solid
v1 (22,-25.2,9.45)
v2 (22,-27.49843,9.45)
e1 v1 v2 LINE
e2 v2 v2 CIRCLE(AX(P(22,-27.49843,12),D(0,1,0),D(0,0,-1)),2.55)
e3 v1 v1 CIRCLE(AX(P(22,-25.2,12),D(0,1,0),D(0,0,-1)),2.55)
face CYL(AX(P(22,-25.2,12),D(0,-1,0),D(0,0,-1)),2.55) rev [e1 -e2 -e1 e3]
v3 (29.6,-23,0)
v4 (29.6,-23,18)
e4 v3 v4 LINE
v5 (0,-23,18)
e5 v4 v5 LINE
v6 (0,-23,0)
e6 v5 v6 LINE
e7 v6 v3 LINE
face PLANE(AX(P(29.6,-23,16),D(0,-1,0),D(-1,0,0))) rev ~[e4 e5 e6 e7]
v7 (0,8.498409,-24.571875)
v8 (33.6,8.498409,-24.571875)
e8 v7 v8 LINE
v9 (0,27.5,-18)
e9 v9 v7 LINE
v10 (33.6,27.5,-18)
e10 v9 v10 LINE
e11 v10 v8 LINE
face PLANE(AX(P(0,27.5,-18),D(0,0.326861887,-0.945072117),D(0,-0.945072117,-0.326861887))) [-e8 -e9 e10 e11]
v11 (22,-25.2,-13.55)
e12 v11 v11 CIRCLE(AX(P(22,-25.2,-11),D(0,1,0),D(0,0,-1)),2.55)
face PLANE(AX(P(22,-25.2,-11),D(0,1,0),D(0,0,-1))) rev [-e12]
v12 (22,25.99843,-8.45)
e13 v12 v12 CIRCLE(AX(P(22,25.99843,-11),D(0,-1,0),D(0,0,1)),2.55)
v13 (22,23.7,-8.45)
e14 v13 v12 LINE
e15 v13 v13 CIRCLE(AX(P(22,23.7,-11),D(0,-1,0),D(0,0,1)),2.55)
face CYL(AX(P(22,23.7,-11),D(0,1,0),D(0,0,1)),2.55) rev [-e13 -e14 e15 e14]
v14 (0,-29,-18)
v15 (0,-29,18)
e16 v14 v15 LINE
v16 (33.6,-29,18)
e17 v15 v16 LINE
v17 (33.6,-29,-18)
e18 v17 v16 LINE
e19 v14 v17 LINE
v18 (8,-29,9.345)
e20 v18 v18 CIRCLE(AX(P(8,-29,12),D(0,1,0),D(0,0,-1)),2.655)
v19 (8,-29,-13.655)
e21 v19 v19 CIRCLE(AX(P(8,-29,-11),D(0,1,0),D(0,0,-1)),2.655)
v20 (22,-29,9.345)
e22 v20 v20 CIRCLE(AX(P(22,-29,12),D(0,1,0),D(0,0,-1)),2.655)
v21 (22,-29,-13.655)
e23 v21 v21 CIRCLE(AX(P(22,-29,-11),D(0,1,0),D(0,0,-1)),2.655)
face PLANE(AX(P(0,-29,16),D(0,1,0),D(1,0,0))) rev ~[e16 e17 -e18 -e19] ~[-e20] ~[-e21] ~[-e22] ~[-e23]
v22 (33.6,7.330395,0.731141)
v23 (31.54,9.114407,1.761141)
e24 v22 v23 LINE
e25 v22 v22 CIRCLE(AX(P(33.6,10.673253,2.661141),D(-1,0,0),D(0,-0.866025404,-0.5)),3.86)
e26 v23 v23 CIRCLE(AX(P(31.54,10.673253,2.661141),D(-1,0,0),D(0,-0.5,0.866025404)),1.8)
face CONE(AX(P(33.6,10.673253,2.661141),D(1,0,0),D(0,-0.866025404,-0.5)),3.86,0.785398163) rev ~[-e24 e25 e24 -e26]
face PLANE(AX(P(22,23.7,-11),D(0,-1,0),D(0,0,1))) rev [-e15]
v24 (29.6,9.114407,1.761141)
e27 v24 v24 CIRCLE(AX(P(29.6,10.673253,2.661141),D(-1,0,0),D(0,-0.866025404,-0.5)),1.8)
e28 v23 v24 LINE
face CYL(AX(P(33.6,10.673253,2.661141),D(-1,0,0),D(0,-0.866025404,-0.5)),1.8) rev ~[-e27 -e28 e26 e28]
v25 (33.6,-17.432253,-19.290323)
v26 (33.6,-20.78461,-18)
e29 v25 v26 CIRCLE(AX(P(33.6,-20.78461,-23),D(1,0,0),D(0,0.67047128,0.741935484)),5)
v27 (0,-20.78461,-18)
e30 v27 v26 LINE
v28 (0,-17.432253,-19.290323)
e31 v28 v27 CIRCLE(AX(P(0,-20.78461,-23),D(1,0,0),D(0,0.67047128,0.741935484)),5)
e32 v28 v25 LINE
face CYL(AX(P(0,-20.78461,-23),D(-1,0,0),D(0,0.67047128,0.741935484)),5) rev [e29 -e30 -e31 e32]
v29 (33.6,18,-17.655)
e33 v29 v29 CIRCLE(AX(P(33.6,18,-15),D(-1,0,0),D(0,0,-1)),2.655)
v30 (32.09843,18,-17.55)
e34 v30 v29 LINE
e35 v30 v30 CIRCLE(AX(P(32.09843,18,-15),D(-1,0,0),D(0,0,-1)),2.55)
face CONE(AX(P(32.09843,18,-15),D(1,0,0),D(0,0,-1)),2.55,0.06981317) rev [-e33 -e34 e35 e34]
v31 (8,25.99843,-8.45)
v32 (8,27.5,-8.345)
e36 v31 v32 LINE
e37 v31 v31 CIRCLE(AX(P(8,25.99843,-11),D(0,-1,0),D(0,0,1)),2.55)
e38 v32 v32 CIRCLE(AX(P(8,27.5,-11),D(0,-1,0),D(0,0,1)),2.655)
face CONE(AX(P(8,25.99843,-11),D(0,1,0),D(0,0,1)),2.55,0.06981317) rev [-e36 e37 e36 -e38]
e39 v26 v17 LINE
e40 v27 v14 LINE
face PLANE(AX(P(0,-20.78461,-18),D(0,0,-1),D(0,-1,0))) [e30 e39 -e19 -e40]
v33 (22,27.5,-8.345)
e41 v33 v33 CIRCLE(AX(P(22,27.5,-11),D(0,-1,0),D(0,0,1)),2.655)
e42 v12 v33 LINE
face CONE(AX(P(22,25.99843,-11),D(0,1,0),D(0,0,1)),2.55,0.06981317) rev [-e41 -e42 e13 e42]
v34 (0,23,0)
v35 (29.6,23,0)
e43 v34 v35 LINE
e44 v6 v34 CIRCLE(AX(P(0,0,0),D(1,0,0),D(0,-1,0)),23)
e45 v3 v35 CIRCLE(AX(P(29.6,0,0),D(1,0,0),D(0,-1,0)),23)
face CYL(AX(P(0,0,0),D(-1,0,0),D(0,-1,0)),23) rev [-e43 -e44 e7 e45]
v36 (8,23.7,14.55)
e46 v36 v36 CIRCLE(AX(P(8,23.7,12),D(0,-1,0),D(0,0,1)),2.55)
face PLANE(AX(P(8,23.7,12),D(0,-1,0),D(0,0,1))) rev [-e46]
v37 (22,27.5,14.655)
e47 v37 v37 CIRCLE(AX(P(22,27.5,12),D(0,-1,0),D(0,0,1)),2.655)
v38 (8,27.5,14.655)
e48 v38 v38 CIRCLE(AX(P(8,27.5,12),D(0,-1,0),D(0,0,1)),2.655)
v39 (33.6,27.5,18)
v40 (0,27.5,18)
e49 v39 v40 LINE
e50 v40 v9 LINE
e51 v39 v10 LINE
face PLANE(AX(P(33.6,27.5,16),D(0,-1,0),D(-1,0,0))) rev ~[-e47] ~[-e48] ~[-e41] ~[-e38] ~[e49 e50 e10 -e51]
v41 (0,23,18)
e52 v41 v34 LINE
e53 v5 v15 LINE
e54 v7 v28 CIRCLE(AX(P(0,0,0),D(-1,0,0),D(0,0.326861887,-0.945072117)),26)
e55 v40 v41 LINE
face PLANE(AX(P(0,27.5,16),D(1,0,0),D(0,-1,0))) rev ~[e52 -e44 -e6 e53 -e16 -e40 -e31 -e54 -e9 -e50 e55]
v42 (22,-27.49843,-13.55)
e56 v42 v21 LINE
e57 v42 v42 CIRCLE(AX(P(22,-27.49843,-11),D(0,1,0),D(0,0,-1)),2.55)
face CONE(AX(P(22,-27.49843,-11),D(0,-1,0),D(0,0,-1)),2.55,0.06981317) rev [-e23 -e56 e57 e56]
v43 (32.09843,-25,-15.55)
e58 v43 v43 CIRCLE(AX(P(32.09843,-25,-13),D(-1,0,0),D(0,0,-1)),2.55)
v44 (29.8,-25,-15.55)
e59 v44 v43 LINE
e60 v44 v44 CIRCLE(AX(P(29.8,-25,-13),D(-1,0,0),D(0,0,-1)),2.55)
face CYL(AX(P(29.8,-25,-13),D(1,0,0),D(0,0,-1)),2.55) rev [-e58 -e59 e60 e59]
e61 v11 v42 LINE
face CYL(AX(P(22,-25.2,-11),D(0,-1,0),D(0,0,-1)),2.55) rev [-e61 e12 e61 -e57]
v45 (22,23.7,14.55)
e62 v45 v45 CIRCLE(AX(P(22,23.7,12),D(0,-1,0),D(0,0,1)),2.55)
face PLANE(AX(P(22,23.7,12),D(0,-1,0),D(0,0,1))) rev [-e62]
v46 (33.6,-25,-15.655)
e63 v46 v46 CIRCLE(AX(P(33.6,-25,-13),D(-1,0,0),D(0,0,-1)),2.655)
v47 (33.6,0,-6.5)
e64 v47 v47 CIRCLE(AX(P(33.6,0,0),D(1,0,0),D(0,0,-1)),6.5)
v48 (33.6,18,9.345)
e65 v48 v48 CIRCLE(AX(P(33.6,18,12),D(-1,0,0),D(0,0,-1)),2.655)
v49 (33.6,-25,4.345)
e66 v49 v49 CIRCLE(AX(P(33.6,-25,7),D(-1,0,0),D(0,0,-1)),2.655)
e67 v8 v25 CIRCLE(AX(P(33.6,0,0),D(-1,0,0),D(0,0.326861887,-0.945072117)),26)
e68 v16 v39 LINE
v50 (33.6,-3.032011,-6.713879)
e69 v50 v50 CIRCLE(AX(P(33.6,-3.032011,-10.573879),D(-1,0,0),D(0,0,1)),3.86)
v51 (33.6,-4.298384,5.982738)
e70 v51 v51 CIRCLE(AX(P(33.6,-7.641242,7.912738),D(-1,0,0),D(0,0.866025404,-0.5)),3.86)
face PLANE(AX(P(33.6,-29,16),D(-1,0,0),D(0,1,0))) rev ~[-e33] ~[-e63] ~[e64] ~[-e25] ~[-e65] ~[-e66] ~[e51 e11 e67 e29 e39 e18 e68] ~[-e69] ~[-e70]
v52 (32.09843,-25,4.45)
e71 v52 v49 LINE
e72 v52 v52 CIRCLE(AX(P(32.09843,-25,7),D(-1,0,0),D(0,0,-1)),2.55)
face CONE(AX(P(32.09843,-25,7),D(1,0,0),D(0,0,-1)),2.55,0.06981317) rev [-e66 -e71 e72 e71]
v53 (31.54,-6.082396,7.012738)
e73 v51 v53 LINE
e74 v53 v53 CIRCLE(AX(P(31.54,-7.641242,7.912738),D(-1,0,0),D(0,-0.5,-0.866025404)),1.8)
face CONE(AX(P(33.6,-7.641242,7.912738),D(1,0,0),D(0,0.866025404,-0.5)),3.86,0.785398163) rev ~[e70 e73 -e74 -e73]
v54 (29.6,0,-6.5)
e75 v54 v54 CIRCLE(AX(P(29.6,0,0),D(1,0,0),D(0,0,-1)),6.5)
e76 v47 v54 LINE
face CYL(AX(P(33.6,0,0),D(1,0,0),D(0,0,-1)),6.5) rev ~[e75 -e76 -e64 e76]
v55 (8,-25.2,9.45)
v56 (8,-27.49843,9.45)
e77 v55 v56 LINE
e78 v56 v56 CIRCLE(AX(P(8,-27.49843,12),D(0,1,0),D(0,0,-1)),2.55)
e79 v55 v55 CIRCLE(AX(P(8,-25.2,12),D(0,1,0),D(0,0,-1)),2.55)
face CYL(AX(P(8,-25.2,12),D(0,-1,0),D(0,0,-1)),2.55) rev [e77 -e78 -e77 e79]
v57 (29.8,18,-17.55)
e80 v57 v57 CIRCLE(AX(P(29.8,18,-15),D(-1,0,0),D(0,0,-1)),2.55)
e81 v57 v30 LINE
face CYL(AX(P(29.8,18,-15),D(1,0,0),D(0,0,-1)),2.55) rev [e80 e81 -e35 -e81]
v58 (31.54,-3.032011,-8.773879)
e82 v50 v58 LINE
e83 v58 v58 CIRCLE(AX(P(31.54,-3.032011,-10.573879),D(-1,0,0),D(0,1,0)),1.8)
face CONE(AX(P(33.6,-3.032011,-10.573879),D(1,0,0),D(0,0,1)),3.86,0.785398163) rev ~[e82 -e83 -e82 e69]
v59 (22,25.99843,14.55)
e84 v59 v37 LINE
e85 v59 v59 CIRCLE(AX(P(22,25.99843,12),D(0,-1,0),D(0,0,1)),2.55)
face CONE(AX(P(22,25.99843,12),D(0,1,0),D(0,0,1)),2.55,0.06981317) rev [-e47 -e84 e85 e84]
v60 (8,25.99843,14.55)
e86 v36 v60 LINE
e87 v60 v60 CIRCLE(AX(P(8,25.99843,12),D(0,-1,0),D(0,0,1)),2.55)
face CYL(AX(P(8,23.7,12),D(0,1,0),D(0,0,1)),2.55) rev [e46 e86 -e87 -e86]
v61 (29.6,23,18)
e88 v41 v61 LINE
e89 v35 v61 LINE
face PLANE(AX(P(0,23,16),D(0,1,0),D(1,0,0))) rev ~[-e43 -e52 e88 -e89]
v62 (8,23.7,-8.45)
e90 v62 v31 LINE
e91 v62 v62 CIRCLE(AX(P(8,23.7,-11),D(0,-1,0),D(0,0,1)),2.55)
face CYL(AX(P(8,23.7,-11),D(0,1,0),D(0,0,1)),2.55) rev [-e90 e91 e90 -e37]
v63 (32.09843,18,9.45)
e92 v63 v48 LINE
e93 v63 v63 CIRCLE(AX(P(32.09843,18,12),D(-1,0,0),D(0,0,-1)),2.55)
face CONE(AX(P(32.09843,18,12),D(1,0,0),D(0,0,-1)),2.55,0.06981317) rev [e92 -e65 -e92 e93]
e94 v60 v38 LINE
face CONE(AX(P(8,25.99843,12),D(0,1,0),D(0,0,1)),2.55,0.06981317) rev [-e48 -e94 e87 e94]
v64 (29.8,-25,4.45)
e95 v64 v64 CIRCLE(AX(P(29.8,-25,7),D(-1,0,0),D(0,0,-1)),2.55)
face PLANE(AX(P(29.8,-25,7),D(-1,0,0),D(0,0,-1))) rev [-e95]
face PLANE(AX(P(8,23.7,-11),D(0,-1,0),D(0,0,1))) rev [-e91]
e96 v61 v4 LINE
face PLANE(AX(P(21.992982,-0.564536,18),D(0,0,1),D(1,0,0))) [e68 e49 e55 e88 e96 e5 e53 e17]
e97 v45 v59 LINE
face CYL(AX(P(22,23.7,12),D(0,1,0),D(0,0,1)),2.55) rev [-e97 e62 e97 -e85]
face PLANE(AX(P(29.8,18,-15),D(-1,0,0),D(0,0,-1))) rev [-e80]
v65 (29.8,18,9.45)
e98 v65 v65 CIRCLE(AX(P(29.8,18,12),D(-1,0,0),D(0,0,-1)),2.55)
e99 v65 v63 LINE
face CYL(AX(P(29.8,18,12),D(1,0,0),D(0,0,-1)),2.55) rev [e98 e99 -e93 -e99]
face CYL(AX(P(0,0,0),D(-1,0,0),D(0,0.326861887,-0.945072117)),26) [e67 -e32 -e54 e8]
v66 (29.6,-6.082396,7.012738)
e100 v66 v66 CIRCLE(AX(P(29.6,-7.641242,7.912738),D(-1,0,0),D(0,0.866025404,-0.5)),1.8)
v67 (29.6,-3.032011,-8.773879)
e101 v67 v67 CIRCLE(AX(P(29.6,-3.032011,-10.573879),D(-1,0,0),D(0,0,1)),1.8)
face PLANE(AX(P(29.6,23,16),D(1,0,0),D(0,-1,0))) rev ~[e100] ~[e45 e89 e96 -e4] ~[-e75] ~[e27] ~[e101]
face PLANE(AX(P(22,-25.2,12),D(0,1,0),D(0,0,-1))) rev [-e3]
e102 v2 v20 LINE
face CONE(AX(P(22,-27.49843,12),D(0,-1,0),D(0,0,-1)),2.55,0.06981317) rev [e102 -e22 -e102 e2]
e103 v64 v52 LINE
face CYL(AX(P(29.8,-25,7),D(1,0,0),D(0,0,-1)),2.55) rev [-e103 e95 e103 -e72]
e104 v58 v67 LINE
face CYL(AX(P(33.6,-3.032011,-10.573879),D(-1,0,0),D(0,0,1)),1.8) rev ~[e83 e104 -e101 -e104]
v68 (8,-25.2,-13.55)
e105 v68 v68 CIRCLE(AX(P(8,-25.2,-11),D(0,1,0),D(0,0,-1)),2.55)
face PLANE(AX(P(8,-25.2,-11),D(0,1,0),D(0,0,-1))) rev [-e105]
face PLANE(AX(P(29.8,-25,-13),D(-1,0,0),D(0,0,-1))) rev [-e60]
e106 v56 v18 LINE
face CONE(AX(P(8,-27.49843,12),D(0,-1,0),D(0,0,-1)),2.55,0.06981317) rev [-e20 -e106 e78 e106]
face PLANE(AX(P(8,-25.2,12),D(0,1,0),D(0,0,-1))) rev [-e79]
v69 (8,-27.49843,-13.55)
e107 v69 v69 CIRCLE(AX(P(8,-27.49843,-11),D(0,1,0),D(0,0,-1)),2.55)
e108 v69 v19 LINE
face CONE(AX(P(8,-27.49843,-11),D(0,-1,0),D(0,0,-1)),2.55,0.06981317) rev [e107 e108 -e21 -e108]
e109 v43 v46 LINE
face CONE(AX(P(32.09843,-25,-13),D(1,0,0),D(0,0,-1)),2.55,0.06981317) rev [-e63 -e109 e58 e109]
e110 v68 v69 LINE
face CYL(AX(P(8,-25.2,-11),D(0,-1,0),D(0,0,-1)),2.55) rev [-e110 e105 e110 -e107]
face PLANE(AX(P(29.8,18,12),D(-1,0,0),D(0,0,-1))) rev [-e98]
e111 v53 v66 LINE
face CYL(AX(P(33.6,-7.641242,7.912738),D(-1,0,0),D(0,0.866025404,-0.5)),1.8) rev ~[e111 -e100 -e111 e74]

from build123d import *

# Parameters (mm, degrees)
MOTOR_SHELL_DEPTH                   = 33.6
MOTOR_MOUNT_DEPTH                   = 4
MOUNTING_HOLE_D                     = 3.6
MOUNTING_HOLE_CSINK_D               = 7.72
MOUNTING_HOLE_CSINK_ANGLE           = 90
HOLE_DUPLICATION_COUNT              = 3
SKETCH11_R                          = 6.5
SHAFT_BASE_CUTOUT_DEPTH             = 34.6
CSK_FOR_M3_INSERT_SFHCS1_AT_2_COUNT = 2
CSK_FOR_M3_INSERT_SFHCS1_AT_2_PITCH = 20
CSK_FOR_M3_INSERT_SFHCS1_AT_3_COUNT = 2
CSK_FOR_M3_INSERT_SFHCS1_AT_3_PITCH = 43.289721644
CSK_FOR_M3_INSERT_SFHCS1_AT_4_COUNT = 2
CSK_FOR_M3_INSERT_SFHCS1_AT_4_PITCH = 48.301138703
CSK_FOR_M3_INSERT_SFHCS2_AT_2_COUNT = 2
CSK_FOR_M3_INSERT_SFHCS2_AT_2_PITCH = 14
CSK_FOR_M3_INSERT_SFHCS2_AT_3_COUNT = 2
CSK_FOR_M3_INSERT_SFHCS2_AT_3_PITCH = 26.925824036
CSK_FOR_M3_INSERT_SFHCS2_AT_4_COUNT = 2
CSK_FOR_M3_INSERT_SFHCS2_AT_4_PITCH = 23
CUT_EXTRUDE1_DEPTH                  = 29.6
CSK_FOR_M3_INSERT_SFHCS3_AT_2_COUNT = 2
CSK_FOR_M3_INSERT_SFHCS3_AT_2_PITCH = 14
CSK_FOR_M3_INSERT_SFHCS3_AT_3_COUNT = 2
CSK_FOR_M3_INSERT_SFHCS3_AT_3_PITCH = 26.925824036
CSK_FOR_M3_INSERT_SFHCS3_AT_4_COUNT = 2
CSK_FOR_M3_INSERT_SFHCS3_AT_4_PITCH = 23
ADDITIONAL_STRUCTURE_DEPTH          = 2


with BuildPart() as part:
    # Motor Shell Profile → Motor Shell (new body)
    with BuildSketch(Plane(origin=(0, 0, 0), x_dir=(0, 0, -1), z_dir=(1, 0, 0))):
        with BuildLine():
            Line((0, 22), (-16, 22))
            Line((-16, 22), (-16, 27.5))
            Line((-16, 27.5), (18, 27.5))
            Line((18, 27.5), (24.57187505, 8.498409058))
            ThreePointArc((24.57187505, 8.498409058), (25.476909304, -5.189132134), (19.290322581, -17.432253289))
            ThreePointArc((19.290322581, -17.432253289), (18.333717374, -18.988556671), (18, -20.784609691))
            Line((18, -20.784609691), (18, -29))
            Line((18, -29), (-16, -29))
            Line((-16, -29), (-16, -22))
            Line((-16, -22), (0, -22))
            ThreePointArc((0, -22), (22, 0), (0, 22))
        make_face()
    extrude(amount=MOTOR_SHELL_DEPTH)

    # Sketch3 → Motor Mount (add)
    with BuildSketch(Plane(origin=(29.6, 0, 0), x_dir=(0, 0, -1), z_dir=(1, 0, 0))):
        with BuildLine():
            Line((0, 22), (-16, 22))
            Line((-16, 22), (-16, -22))
            Line((-16, -22), (0, -22))
            ThreePointArc((0, -22), (22, 0), (0, 22))
        make_face()
    extrude(amount=MOTOR_MOUNT_DEPTH)

    # Mounting Hole (through all)
    with Locations(Plane(origin=(33.6, 0, 0), x_dir=(0, 0, -1), z_dir=(1, 0, 0))):
        with Locations((10.573878655, -3.032010914)):
            mounting_hole = CounterSinkHole(MOUNTING_HOLE_D / 2, MOUNTING_HOLE_CSINK_D / 2, counter_sink_angle=MOUNTING_HOLE_CSINK_ANGLE)

    # Hole Duplication: Mounting Hole ×3 about axis
    hole_duplication_axis = Axis((0, 0, 0), (1, 0, 0))
    for i in range(1, HOLE_DUPLICATION_COUNT):
        add(mounting_hole.rotate(hole_duplication_axis, i * 360 / HOLE_DUPLICATION_COUNT), mode=Mode.SUBTRACT)

    # Sketch11 → Shaft Base Cutout (cut, through all)
    with BuildSketch(Plane(origin=(33.6, 0, 0), x_dir=(0, 0, -1), z_dir=(1, 0, 0))):
        Circle(SKETCH11_R)
    extrude(amount=-SHAFT_BASE_CUTOUT_DEPTH, mode=Mode.SUBTRACT)

    # Sketch15 → CSK for M3 Insert SFHCS1 (revolve, cut)
    with BuildSketch(Plane(origin=(33.6, -25, 7), x_dir=(0, 0, -1), z_dir=(0, 1, 0))):
        Polygon((0, 0), (0, 3.8), (2.55, 3.8), (2.55, 1.501569957), (2.655, 0), align=None)
    csk_for_m3_insert_sfhcs1 = revolve(axis=Axis((39.95, -25, 7), (-1, 0, 0)), mode=Mode.SUBTRACT)

    # CSK for M3 Insert SFHCS1 at 2: CSK for M3 Insert SFHCS1 ×2
    with Locations(*[(0, 0, -i * CSK_FOR_M3_INSERT_SFHCS1_AT_2_PITCH) for i in range(1, CSK_FOR_M3_INSERT_SFHCS1_AT_2_COUNT)]):
        add(csk_for_m3_insert_sfhcs1, mode=Mode.SUBTRACT)

    # CSK for M3 Insert SFHCS1 at 3: CSK for M3 Insert SFHCS1 ×2
    with Locations(*[Vector(0, 0.99330738, 0.115500858) * (i * CSK_FOR_M3_INSERT_SFHCS1_AT_3_PITCH) for i in range(1, CSK_FOR_M3_INSERT_SFHCS1_AT_3_COUNT)]):
        add(csk_for_m3_insert_sfhcs1, mode=Mode.SUBTRACT)

    # CSK for M3 Insert SFHCS1 at 4: CSK for M3 Insert SFHCS1 ×2
    with Locations(*[Vector(0, 0.890248163, -0.455475804) * (i * CSK_FOR_M3_INSERT_SFHCS1_AT_4_PITCH) for i in range(1, CSK_FOR_M3_INSERT_SFHCS1_AT_4_COUNT)]):
        add(csk_for_m3_insert_sfhcs1, mode=Mode.SUBTRACT)

    # Sketch18 → CSK for M3 Insert SFHCS2 (revolve, cut)
    with BuildSketch(Plane(origin=(22, 27.5, 12), x_dir=(0, 0, 1), z_dir=(1, 0, 0))):
        Polygon((0, 0), (0, 3.8), (2.55, 3.8), (2.55, 1.501569957), (2.655, 0), align=None)
    csk_for_m3_insert_sfhcs2 = revolve(axis=Axis((22, 33.85, 12), (0, -1, 0)), mode=Mode.SUBTRACT)

    # CSK for M3 Insert SFHCS2 at 2: CSK for M3 Insert SFHCS2 ×2
    with Locations(*[(-i * CSK_FOR_M3_INSERT_SFHCS2_AT_2_PITCH, 0, 0) for i in range(1, CSK_FOR_M3_INSERT_SFHCS2_AT_2_COUNT)]):
        add(csk_for_m3_insert_sfhcs2, mode=Mode.SUBTRACT)

    # CSK for M3 Insert SFHCS2 at 3: CSK for M3 Insert SFHCS2 ×2
    with Locations(*[Vector(-0.519946947, 0, -0.854198556) * (i * CSK_FOR_M3_INSERT_SFHCS2_AT_3_PITCH) for i in range(1, CSK_FOR_M3_INSERT_SFHCS2_AT_3_COUNT)]):
        add(csk_for_m3_insert_sfhcs2, mode=Mode.SUBTRACT)

    # CSK for M3 Insert SFHCS2 at 4: CSK for M3 Insert SFHCS2 ×2
    with Locations(*[(0, 0, -i * CSK_FOR_M3_INSERT_SFHCS2_AT_4_PITCH) for i in range(1, CSK_FOR_M3_INSERT_SFHCS2_AT_4_COUNT)]):
        add(csk_for_m3_insert_sfhcs2, mode=Mode.SUBTRACT)

    # Sketch25 → Cut-Extrude1 (cut)
    with BuildSketch(Plane.ZY):
        with BuildLine():
            Line((0, 23), (16, 23))
            Line((16, 23), (16, -23))
            Line((16, -23), (0, -23))
            ThreePointArc((0, -23), (-23, 0), (0, 23))
        make_face()
    extrude(amount=-CUT_EXTRUDE1_DEPTH, mode=Mode.SUBTRACT)

    # Sketch27 → CSK for M3 Insert SFHCS3 (revolve, cut)
    with BuildSketch(Plane(origin=(8, -29, 12), x_dir=(0, 0, -1), z_dir=(1, 0, 0))):
        Polygon((0, 0), (0, 3.8), (2.55, 3.8), (2.55, 1.501569957), (2.655, 0), align=None)
    csk_for_m3_insert_sfhcs3 = revolve(axis=Axis((8, -35.35, 12), (0, 1, 0)), mode=Mode.SUBTRACT)

    # CSK for M3 Insert SFHCS3 at 2: CSK for M3 Insert SFHCS3 ×2
    with Locations(*[(i * CSK_FOR_M3_INSERT_SFHCS3_AT_2_PITCH, 0, 0) for i in range(1, CSK_FOR_M3_INSERT_SFHCS3_AT_2_COUNT)]):
        add(csk_for_m3_insert_sfhcs3, mode=Mode.SUBTRACT)

    # CSK for M3 Insert SFHCS3 at 3: CSK for M3 Insert SFHCS3 ×2
    with Locations(*[Vector(0.519946947, 0, -0.854198556) * (i * CSK_FOR_M3_INSERT_SFHCS3_AT_3_PITCH) for i in range(1, CSK_FOR_M3_INSERT_SFHCS3_AT_3_COUNT)]):
        add(csk_for_m3_insert_sfhcs3, mode=Mode.SUBTRACT)

    # CSK for M3 Insert SFHCS3 at 4: CSK for M3 Insert SFHCS3 ×2
    with Locations(*[(0, 0, -i * CSK_FOR_M3_INSERT_SFHCS3_AT_4_PITCH) for i in range(1, CSK_FOR_M3_INSERT_SFHCS3_AT_4_COUNT)]):
        add(csk_for_m3_insert_sfhcs3, mode=Mode.SUBTRACT)

    # Sketch30 → Additional structure (add)
    with BuildSketch(Plane.XY.offset(16)):
        Polygon((0, 23), (29.6, 23), (29.6, -23), (0, -23), (0, -29), (33.6, -29), (33.6, 27.5), (0, 27.5), align=None)
    extrude(amount=ADDITIONAL_STRUCTURE_DEPTH)


solid = part.part
